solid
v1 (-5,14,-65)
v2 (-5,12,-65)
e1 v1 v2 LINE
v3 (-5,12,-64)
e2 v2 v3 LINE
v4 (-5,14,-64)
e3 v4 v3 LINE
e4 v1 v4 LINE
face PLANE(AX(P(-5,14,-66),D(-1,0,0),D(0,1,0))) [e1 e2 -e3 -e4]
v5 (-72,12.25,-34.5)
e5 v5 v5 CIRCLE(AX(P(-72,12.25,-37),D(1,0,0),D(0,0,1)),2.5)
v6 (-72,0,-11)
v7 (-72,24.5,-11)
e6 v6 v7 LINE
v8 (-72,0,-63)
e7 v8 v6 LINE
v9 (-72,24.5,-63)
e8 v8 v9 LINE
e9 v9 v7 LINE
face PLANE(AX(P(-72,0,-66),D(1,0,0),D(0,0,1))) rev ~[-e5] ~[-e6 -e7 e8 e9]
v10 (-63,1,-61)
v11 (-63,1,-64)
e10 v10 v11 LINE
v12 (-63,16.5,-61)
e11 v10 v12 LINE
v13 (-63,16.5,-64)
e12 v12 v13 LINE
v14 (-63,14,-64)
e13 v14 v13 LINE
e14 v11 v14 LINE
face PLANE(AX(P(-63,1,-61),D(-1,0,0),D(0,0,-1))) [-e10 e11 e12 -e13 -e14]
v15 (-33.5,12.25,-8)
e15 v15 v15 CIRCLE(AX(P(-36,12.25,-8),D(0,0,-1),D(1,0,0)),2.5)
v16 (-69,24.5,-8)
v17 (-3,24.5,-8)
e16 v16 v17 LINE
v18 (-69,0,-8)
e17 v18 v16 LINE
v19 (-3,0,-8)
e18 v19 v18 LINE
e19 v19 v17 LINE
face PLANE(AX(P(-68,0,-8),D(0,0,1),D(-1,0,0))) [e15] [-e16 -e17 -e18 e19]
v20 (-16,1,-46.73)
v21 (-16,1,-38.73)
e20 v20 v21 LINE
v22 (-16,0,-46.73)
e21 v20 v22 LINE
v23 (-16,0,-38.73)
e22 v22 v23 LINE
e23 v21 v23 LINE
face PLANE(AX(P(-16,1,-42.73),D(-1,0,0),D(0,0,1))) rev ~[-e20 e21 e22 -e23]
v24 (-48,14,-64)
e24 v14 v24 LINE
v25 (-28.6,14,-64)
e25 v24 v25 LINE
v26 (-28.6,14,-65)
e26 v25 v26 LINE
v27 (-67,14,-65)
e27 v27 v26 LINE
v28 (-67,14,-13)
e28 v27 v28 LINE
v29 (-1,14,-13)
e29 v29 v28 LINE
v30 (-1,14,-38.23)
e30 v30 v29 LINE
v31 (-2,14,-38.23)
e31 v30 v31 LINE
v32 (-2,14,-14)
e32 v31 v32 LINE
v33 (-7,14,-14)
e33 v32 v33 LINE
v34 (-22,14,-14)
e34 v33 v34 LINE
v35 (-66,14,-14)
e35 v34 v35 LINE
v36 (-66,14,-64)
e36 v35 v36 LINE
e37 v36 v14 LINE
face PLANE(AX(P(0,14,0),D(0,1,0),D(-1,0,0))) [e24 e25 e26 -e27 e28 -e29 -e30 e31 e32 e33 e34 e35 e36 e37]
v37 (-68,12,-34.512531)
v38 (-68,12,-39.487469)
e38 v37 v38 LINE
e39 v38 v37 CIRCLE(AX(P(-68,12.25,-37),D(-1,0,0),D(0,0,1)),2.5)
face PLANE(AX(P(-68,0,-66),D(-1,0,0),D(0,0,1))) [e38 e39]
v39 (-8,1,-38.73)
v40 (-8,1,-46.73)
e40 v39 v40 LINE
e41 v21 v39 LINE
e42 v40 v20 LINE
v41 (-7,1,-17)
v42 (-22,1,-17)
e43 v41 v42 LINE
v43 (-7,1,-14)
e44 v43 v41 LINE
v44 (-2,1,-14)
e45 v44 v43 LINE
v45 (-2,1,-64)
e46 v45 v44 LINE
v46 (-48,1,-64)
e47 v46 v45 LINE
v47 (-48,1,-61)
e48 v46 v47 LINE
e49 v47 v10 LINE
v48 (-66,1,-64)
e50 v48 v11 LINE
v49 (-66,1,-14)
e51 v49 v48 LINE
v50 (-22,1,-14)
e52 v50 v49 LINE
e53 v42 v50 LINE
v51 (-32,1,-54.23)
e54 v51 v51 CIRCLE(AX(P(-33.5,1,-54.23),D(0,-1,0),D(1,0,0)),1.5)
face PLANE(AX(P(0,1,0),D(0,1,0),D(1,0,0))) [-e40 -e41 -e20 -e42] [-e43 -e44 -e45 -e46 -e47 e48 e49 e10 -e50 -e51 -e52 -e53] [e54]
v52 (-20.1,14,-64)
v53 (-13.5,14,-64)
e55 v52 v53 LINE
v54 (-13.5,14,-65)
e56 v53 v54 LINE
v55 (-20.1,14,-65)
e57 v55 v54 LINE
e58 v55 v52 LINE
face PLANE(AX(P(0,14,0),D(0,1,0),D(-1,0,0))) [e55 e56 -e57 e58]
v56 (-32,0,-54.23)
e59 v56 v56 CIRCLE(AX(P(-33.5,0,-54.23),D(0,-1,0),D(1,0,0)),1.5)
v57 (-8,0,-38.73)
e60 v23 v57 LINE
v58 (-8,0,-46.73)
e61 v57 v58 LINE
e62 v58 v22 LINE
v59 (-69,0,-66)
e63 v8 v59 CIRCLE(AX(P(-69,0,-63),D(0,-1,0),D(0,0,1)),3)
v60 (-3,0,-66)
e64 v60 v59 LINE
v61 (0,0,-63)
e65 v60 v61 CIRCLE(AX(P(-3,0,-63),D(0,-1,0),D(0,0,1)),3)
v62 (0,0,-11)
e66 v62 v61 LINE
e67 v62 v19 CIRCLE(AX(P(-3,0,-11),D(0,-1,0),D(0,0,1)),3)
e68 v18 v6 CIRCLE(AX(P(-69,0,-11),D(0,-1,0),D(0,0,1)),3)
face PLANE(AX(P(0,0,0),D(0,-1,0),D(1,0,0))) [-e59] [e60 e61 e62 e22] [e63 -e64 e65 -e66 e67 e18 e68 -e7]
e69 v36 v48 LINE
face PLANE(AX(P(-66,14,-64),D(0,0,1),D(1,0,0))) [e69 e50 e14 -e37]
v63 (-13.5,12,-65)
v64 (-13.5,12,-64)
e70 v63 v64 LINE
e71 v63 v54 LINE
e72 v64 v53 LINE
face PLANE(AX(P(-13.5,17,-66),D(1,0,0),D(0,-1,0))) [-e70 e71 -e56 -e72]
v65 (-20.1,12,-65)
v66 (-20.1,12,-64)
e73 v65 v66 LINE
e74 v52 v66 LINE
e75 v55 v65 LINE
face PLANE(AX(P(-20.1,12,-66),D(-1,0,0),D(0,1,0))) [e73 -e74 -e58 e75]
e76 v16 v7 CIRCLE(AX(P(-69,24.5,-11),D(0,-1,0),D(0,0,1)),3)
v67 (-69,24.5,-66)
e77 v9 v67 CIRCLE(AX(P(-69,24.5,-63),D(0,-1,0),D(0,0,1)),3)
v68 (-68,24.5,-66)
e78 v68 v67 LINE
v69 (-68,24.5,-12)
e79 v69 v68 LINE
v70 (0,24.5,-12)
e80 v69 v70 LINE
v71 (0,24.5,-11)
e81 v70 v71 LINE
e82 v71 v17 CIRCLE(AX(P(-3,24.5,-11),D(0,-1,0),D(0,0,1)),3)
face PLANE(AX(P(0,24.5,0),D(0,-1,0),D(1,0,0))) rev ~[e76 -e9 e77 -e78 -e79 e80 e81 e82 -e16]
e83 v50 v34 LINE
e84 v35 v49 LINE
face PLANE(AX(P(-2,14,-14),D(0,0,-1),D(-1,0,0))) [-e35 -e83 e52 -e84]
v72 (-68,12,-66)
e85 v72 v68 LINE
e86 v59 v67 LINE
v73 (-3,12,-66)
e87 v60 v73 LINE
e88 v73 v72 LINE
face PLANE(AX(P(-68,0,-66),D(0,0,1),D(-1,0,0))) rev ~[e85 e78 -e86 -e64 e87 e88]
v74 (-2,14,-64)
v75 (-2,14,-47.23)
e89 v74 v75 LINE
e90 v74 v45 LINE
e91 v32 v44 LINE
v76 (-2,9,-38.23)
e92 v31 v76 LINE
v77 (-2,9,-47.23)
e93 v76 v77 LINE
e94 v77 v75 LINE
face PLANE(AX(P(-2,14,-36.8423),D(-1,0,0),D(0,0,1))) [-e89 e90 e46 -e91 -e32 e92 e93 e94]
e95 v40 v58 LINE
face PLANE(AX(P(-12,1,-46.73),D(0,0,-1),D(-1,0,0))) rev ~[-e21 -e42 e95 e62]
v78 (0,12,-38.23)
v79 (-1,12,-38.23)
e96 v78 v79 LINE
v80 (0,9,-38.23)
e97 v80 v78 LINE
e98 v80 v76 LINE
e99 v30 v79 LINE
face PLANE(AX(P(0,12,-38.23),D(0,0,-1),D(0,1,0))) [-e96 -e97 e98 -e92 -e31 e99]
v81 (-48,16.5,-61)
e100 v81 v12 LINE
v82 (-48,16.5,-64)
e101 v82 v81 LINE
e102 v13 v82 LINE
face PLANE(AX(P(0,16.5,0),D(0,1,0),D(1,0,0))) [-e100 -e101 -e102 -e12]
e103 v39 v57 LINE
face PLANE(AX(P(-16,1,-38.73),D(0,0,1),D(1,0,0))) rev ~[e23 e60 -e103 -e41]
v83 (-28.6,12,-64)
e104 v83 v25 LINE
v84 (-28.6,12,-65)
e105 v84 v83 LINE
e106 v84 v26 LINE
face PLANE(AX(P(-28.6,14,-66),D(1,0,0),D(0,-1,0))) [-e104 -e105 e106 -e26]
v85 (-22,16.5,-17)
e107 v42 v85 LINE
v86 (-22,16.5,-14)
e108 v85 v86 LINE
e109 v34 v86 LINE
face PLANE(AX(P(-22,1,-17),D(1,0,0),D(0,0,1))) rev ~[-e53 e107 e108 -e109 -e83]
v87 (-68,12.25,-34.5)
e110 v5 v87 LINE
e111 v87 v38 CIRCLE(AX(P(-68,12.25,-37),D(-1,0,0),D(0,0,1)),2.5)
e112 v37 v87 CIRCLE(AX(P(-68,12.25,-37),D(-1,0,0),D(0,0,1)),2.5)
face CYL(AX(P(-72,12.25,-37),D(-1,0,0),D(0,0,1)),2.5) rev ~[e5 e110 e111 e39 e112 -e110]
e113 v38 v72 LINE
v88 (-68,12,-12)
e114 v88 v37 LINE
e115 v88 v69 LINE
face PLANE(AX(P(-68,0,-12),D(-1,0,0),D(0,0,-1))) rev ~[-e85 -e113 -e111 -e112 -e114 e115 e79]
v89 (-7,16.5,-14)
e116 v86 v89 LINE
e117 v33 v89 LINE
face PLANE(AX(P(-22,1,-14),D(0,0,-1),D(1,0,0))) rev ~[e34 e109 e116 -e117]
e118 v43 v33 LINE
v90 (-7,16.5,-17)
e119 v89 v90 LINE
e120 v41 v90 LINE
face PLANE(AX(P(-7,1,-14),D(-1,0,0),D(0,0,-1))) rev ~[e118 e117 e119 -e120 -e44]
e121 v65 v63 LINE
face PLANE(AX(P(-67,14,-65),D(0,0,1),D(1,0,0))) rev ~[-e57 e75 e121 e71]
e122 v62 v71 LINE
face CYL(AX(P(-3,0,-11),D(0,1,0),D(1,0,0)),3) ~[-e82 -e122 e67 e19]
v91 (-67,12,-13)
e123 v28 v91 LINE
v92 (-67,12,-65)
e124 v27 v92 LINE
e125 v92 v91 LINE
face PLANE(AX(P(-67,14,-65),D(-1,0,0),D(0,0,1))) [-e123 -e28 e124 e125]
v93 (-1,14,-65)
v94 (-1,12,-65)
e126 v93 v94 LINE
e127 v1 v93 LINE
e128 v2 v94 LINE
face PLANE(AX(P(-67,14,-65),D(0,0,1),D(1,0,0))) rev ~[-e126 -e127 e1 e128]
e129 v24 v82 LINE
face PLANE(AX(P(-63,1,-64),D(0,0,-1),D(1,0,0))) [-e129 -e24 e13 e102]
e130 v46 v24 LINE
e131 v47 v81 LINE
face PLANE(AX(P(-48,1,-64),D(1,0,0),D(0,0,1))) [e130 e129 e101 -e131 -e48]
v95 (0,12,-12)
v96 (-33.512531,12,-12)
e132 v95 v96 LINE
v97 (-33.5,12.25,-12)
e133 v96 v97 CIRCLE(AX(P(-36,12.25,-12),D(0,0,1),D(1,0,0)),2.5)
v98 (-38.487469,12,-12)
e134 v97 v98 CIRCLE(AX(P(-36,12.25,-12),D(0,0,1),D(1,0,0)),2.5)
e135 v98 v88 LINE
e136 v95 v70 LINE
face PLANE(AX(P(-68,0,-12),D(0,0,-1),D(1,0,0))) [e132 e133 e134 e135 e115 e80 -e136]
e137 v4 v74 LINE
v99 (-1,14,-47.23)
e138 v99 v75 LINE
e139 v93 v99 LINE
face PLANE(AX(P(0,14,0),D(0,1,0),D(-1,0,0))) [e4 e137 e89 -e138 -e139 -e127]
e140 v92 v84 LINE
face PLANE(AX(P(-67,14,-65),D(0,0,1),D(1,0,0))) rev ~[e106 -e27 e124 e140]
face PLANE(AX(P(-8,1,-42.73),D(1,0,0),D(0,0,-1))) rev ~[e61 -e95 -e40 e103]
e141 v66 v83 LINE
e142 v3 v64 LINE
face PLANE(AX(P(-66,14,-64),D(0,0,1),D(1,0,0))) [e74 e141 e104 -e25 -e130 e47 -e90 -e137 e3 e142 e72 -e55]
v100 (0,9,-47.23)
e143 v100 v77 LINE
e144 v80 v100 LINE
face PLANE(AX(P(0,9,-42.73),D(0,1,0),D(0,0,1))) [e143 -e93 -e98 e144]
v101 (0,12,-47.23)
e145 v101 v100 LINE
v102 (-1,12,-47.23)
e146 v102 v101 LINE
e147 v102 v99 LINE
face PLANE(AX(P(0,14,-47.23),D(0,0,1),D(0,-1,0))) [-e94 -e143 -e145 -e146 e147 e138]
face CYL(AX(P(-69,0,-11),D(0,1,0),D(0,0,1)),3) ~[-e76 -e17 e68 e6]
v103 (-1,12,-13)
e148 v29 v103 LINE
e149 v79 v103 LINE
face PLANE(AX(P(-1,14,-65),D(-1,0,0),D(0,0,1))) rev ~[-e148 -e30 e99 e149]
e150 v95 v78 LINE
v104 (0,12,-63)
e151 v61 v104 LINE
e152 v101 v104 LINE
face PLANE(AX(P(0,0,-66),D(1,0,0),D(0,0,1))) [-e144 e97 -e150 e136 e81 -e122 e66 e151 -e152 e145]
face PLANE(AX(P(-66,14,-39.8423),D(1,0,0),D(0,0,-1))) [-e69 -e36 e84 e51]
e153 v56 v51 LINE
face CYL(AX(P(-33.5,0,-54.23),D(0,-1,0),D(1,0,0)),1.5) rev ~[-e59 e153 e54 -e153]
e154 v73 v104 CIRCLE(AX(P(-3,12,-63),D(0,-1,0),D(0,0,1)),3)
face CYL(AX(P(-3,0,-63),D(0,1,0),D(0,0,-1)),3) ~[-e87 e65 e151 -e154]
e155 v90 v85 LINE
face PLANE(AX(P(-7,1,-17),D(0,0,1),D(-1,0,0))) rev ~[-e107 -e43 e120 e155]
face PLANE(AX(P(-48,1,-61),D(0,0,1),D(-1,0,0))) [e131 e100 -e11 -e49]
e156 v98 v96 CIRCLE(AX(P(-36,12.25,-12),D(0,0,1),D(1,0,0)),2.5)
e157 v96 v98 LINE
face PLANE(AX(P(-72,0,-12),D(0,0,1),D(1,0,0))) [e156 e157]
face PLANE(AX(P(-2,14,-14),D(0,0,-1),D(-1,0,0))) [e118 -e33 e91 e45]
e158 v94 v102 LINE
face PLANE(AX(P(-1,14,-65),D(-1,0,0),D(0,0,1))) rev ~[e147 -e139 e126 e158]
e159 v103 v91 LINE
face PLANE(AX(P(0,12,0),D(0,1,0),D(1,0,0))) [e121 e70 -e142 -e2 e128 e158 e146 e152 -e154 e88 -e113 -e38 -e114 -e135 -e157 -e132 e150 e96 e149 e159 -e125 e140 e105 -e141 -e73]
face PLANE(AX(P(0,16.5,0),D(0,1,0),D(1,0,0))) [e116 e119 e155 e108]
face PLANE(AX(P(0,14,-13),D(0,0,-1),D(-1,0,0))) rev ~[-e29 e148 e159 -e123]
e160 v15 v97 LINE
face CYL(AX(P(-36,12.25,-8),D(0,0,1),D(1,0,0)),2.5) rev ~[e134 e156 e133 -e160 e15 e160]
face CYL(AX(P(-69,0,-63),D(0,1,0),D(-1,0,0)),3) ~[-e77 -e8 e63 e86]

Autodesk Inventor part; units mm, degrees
ref_plane "YZ Plane" through (0, 0, 0) normal (1, 0, 0) x (0, 1, 0)
ref_plane "XZ Plane" through (0, 0, 0) normal (0, 1, 0) x (-1, 0, 0)
ref_plane "XY Plane" through (0, 0, 0) normal (0, 0, 1) x (1, 0, 0)
sketch "Sketch1" plane through (0, 0, 0) normal (0, 1, 0) x (-1, 0, 0)
  point P0 (0, 0)
sketch "Sketch2" plane through (0, 0, 0) normal (0, 1, 0) x (-1, 0, 0)
  line L0 (68, -12) -> (68, -66)
  line L1 (68, -66) -> (0, -66)
  line L2 (0, -66) -> (0, -12)
  line L3 (68, -12) -> (0, -12)
  point P0 (0, 0)
  dimension "d0" = 68
  dimension "d138" = 54
extrude "Extrusion1" add sketch "Sketch2" along normal blind 14
sketch "Sketch3" plane through (0, 14, 0) normal (0, 1, 0) x (1, 0, 0)
  point P0 (-68, 66)
sketch "Sketch4" plane through (0, 14, 0) normal (0, 1, 0) x (1, 0, 0)
  line L0 (0, 66) -> (-68, 66) projected
  line L1 (-30.4814, 66) -> (-28.4814, 66)
  line L2 (-28.4814, 66) -> (-28.4814, 64)
  line L3 (-68, 66) -> (-68, 12) projected
  line L4 (-68, 37.8423) -> (-68, 39.8423)
  line L5 (-68, 39.8423) -> (-66, 39.8423)
  line L6 (0, 38.8423) -> (0, 36.8423)
  line L7 (0, 36.8423) -> (-2, 36.8423)
  line L8 (-66, 64) -> (-2, 64)
  line L9 (-2, 64) -> (-2, 14)
  line L10 (-2, 14) -> (-66, 14)
  line L11 (-66, 14) -> (-66, 64)
  dimension "d5" = 2
  dimension "d6" = 2
  dimension "d7" = 2
  dimension "d11" = 2
  dimension "d75" = 2
  dimension "d132" = 50
  dimension "d133" = 64
extrude "Extrusion2" cut sketch "Sketch4" against normal blind 13 contours L8 L9 L10 L11
sketch "Sketch7" plane through (0, 14, 0) normal (0, 1, 0) x (1, 0, 0)
  line L0 (-68, 66) -> (-67, 66)
  line L1 (-68, 66) -> (-6, 66)
  line L2 (-68, 65) -> (-68, 66)
  line L3 (0, 66) -> (-7, 66)
  line L4 (-67, 65) -> (-1, 65)
  line L5 (0, 66) -> (-68, 66) projected
  line L6 (-68, 66) -> (0, 66)
  line L7 (0, 12) -> (0, 66) projected
  line L8 (0, 12) -> (-1, 12)
  line L9 (-1, 66) -> (0, 66)
  line L10 (0, 66) -> (0, 12)
  line L11 (0, 12) -> (-1, 12)
  line L12 (-68, 12) -> (0, 12) projected
  line L13 (-1, 65) -> (-1, 12)
  line L14 (0, 12) -> (-1, 12)
  line L15 (-67, 65) -> (-67, 12)
  line L16 (-68, 66) -> (-68, 12) projected
  line L17 (-67, 12) -> (-68, 12)
  line L18 (-68, 12) -> (-68, 66)
  dimension "d76" = 1
  dimension "d139" = 1
  dimension "d140" = 1
extrude "Extrusion3" cut sketch "Sketch7" against normal blind 2 contours L0 L1 L3 L7 L8 L13 L4 L15 L12 L16 L2
sketch "Sketch8" plane through (0, 14, 0) normal (0, 1, 0) x (1, 0, 0)
  line L0 (0, 12) -> (0, 13)
  line L1 (0, 13) -> (-68, 13)
  line L2 (0, 12) -> (-68, 12)
  line L3 (-68, 12) -> (-68, 13)
  line L4 (-67, 12) -> (-1, 12) projected
  point P0 (0, 0)
  point P1 (-70, 0)
  dimension "d46" = 68
  dimension "d141" = 1
extrude "Extrusion4" cut sketch "Sketch8" against normal blind 2
sketch "Sketch10" plane through (0, 1, 0) normal (0, 1, 0) x (1, 0, 0)
  line L0 (-31, 2) -> (-41, 2)
  line L1 (-63, 64) -> (-48, 64)
  line L2 (-48, 64) -> (-48, 61)
  line L3 (-48, 61) -> (-63, 61)
  line L4 (-63, 61) -> (-63, 64)
  line L5 (-22, 14) -> (-7, 14)
  line L6 (-7, 14) -> (-7, 17)
  line L7 (-7, 17) -> (-22, 17)
  line L8 (-22, 17) -> (-22, 14)
  line L9 (-66, 14) -> (-66, 64) projected
  line L10 (-2, 14) -> (-66, 14) projected
  line L11 (-66, 64) -> (-2, 64)
  line L12 (-2, 64) -> (-2, 14)
  line L13 (-2, 14) -> (-66, 14)
  line L14 (-66, 14) -> (-66, 64)
  point P0 (0, 0)
  point P1 (-21, 64)
  dimension "d57" = 15
  dimension "d58" = 3
  dimension "d61" = 15
  dimension "d79" = 3
extrude "Extrusion5" add sketch "Sketch10" along normal blind 15.5 contours L1 L2 L3 L4 | L8 L7 L6 L5
sketch "Sketch11" plane through (0, 0, 0) normal (0, -1, 0) x (1, 0, 0)
  circle A0 centre (-12, -42.73) radius 4
  circle A1 centre (-33.5, -54.23) radius 1.5
  line L0 (0, 0) -> (0, -66) projected
  line L1 (0, -66) -> (-68, -66) projected
  line L2 (-2, -64) -> (-2, -14) projected
  dimension "d85" = 23.27
  dimension "d86" = 21.5
  dimension "d88" = 8
  dimension "d89" = 3
  dimension "d119" = 11.5
  dimension "d120" = 10
extrude "Extrusion6" cut sketch "Sketch11" against normal blind 9
sketch "Sketch12" plane through (0, 0, 0) normal (0, -1, 0) x (1, 0, 0)
  line L0 (-68, -12) -> (-68, -66) projected
  line L1 (0, -12) -> (0, -8)
  line L2 (0, -8) -> (-68, -8)
  line L3 (-68, -12) -> (0, -12)
  line L4 (0, -12) -> (-68, -12) projected
  line L5 (-68, -66) -> (-68, -12) projected
  line L6 (-68, -66) -> (-72, -66)
  line L7 (-68, -12) -> (-68, -66)
  line L8 (-72, -66) -> (-72, -12)
  line L9 (-68, -8) -> (-72, -8)
  line L10 (-72, -8) -> (-72, -12.2471)
  point P0 (0, 0)
  point P1 (-70, 0)
  dimension "d81" = 4
  dimension "d144" = 0
extrude "Extrusion7" add sketch "Sketch12" against normal blind 24.5
sketch "Sketch15" plane through (0, 0, -66) normal (1, 0, 0) x (0, 0, -1)
  line L0 (-27.77, 14) -> (-18.77, 14)
  line L1 (-18.77, 14) -> (-18.77, 9)
  line L2 (-18.77, 9) -> (-27.77, 9)
  line L3 (-27.77, 9) -> (-27.77, 14)
  line L4 (-54, 0) -> (-54, 24.5) projected
  line L5 (0, 0) -> (0, 12) projected
  line L6 (0, 0) -> (-58, 0) projected
  line L7 (0, 12) -> (-54, 12) projected
  line L8 (-23.27, -7.8454) -> (-23.27, 0)
  line L9 (-23.27, 0) -> (-23.27, 12)
  line L10 (-53, 14) -> (-1, 14) projected
  point P0 (-66, 0)
  point P1 (-66, 14.75)
  point P2 (0, 16.75)
  point P3 (-1, 14)
  dimension "d108" = 9
  dimension "d109" = 5
  dimension "d111" = 27.77
  dimension "d174" = 0
extrude "Extrusion9" cut sketch "Sketch15" against normal blind 10 contours L0 L1 L7 L3 | L7 L9 L2 L3 | L1 L2 L9 L7
fillet "Fillet7" radius 3 1 edges at (0, 6, -66)
fillet "Fillet9" radius 3 1 edges at (0, 12.25, -8)
sketch "Sketch17" plane through (-3, 0, -66) normal (0, 0, -1) x (-1, 0, 0)
  line L0 (2, 17) -> (10.5, 17)
  line L1 (10.5, 17) -> (10.5, 12)
  line L2 (10.5, 12) -> (2, 12)
  line L3 (2, 12) -> (2, 17)
  line L4 (17.1, 17) -> (25.6, 17)
  line L5 (25.6, 17) -> (25.6, 12)
  line L6 (25.6, 12) -> (17.1, 12)
  line L7 (17.1, 12) -> (17.1, 17)
  line L8 (66, 0) -> (66, 10.5) projected
  line L9 (-2, 14) -> (64, 14) projected
  line L10 (65, 12) -> (0, 12) projected
  line L11 (-3, 12) -> (-3, 0) projected
  point P0 (64, 10.5)
  point P1 (0, 12)
  dimension "d151" = 8.5
  dimension "d152" = 8.5
  dimension "d153" = 5
  dimension "d157" = 0
  dimension "d158" = 13.5
  dimension "d160" = 28.6
extrude "Extrusion11" cut sketch "Sketch17" against normal blind 10 contours L0 L1 L9 L3 | L9 L1 L2 L3 | L9 L5 L6 L7 | L7 L4 L5 L9
sketch "Sketch18" plane through (0, 1, 0) normal (0, 1, 0) x (1, 0, 0)
  circle A0 centre (-12, 42.73) radius 4 projected
  line L0 (-12, 38.73) -> (-8, 38.73)
  line L1 (-8, 38.73) -> (-8, 46.73)
  line L2 (-8, 46.73) -> (-16, 46.73)
  line L3 (-16, 46.73) -> (-16, 38.73)
  line L4 (-16, 38.73) -> (-12, 38.73)
  point P0 (0, 0)
  dimension "d169" = 4
  dimension "d170" = 8
  dimension "d171" = 8
extrude "Extrusion12" cut sketch "Sketch18" against normal blind 1
sketch "Sketch19" plane through (-72, 0, -8) normal (0, 0, 1) x (1, 0, 0)
  line L0 (0, 24.5) -> (69, 24.5) projected
  line L1 (69, 0) -> (0, 0) projected
  line L2 (0, 24.5) -> (0, 0)
  line L3 (0, 0) -> (0, 24.5) projected
  line L4 (0, 12.25) -> (70, 12.25)
  line L5 (4, 12) -> (69, 12) projected
  line L6 (72, 12) -> (72, 0) projected
  line L7 (0, 0) -> (72, 0)
  line L8 (0, 4.6147) -> (36, 4.6147)
  line L9 (36, 4.6147) -> (36, 24.5)
  line L10 (72, 24.5) -> (4, 24.5) projected
  circle A0 centre (36, 12.25) radius 2.5
  dimension "d177" = 36
  dimension "d178" = 5
extrude "Extrusion13" cut sketch "Sketch19" against normal blind 4 contours A0 L9 L4 | L4 L9 L5 A0 | A0 L4 L9 | L4 A0 L5 L9 | L5 L9 A0 | L9 L5 A0
sketch "Sketch20" plane through (-72, 0, -66) normal (-1, 0, 0) x (0, 0, 1)
  line L0 (0, 0) -> (0, 24.5) projected
  line L1 (0, 12.25) -> (58, 12.25)
  line L2 (58, 24.5) -> (58, 0) projected
  line L3 (3, 0) -> (55, 0) projected
  line L4 (29, 0) -> (29, 24.5)
  line L5 (54, 24.5) -> (0, 24.5) projected
  circle A0 centre (29, 12.25) radius 2.5
  point P0 (66, 0)
  dimension "d181" = 5
extrude "Extrusion14" cut sketch "Sketch20" against normal blind 4 contours A0 L4 L1 | L1 L4 A0 | L4 A0 L1 | L1 A0 L4
fillet "Fillet12" radius 3 1 edges at (-72, 12.25, -8)
fillet "Fillet13" radius 3 1 edges at (-72, 12.25, -66)
properties part number "Shell 5 top"
